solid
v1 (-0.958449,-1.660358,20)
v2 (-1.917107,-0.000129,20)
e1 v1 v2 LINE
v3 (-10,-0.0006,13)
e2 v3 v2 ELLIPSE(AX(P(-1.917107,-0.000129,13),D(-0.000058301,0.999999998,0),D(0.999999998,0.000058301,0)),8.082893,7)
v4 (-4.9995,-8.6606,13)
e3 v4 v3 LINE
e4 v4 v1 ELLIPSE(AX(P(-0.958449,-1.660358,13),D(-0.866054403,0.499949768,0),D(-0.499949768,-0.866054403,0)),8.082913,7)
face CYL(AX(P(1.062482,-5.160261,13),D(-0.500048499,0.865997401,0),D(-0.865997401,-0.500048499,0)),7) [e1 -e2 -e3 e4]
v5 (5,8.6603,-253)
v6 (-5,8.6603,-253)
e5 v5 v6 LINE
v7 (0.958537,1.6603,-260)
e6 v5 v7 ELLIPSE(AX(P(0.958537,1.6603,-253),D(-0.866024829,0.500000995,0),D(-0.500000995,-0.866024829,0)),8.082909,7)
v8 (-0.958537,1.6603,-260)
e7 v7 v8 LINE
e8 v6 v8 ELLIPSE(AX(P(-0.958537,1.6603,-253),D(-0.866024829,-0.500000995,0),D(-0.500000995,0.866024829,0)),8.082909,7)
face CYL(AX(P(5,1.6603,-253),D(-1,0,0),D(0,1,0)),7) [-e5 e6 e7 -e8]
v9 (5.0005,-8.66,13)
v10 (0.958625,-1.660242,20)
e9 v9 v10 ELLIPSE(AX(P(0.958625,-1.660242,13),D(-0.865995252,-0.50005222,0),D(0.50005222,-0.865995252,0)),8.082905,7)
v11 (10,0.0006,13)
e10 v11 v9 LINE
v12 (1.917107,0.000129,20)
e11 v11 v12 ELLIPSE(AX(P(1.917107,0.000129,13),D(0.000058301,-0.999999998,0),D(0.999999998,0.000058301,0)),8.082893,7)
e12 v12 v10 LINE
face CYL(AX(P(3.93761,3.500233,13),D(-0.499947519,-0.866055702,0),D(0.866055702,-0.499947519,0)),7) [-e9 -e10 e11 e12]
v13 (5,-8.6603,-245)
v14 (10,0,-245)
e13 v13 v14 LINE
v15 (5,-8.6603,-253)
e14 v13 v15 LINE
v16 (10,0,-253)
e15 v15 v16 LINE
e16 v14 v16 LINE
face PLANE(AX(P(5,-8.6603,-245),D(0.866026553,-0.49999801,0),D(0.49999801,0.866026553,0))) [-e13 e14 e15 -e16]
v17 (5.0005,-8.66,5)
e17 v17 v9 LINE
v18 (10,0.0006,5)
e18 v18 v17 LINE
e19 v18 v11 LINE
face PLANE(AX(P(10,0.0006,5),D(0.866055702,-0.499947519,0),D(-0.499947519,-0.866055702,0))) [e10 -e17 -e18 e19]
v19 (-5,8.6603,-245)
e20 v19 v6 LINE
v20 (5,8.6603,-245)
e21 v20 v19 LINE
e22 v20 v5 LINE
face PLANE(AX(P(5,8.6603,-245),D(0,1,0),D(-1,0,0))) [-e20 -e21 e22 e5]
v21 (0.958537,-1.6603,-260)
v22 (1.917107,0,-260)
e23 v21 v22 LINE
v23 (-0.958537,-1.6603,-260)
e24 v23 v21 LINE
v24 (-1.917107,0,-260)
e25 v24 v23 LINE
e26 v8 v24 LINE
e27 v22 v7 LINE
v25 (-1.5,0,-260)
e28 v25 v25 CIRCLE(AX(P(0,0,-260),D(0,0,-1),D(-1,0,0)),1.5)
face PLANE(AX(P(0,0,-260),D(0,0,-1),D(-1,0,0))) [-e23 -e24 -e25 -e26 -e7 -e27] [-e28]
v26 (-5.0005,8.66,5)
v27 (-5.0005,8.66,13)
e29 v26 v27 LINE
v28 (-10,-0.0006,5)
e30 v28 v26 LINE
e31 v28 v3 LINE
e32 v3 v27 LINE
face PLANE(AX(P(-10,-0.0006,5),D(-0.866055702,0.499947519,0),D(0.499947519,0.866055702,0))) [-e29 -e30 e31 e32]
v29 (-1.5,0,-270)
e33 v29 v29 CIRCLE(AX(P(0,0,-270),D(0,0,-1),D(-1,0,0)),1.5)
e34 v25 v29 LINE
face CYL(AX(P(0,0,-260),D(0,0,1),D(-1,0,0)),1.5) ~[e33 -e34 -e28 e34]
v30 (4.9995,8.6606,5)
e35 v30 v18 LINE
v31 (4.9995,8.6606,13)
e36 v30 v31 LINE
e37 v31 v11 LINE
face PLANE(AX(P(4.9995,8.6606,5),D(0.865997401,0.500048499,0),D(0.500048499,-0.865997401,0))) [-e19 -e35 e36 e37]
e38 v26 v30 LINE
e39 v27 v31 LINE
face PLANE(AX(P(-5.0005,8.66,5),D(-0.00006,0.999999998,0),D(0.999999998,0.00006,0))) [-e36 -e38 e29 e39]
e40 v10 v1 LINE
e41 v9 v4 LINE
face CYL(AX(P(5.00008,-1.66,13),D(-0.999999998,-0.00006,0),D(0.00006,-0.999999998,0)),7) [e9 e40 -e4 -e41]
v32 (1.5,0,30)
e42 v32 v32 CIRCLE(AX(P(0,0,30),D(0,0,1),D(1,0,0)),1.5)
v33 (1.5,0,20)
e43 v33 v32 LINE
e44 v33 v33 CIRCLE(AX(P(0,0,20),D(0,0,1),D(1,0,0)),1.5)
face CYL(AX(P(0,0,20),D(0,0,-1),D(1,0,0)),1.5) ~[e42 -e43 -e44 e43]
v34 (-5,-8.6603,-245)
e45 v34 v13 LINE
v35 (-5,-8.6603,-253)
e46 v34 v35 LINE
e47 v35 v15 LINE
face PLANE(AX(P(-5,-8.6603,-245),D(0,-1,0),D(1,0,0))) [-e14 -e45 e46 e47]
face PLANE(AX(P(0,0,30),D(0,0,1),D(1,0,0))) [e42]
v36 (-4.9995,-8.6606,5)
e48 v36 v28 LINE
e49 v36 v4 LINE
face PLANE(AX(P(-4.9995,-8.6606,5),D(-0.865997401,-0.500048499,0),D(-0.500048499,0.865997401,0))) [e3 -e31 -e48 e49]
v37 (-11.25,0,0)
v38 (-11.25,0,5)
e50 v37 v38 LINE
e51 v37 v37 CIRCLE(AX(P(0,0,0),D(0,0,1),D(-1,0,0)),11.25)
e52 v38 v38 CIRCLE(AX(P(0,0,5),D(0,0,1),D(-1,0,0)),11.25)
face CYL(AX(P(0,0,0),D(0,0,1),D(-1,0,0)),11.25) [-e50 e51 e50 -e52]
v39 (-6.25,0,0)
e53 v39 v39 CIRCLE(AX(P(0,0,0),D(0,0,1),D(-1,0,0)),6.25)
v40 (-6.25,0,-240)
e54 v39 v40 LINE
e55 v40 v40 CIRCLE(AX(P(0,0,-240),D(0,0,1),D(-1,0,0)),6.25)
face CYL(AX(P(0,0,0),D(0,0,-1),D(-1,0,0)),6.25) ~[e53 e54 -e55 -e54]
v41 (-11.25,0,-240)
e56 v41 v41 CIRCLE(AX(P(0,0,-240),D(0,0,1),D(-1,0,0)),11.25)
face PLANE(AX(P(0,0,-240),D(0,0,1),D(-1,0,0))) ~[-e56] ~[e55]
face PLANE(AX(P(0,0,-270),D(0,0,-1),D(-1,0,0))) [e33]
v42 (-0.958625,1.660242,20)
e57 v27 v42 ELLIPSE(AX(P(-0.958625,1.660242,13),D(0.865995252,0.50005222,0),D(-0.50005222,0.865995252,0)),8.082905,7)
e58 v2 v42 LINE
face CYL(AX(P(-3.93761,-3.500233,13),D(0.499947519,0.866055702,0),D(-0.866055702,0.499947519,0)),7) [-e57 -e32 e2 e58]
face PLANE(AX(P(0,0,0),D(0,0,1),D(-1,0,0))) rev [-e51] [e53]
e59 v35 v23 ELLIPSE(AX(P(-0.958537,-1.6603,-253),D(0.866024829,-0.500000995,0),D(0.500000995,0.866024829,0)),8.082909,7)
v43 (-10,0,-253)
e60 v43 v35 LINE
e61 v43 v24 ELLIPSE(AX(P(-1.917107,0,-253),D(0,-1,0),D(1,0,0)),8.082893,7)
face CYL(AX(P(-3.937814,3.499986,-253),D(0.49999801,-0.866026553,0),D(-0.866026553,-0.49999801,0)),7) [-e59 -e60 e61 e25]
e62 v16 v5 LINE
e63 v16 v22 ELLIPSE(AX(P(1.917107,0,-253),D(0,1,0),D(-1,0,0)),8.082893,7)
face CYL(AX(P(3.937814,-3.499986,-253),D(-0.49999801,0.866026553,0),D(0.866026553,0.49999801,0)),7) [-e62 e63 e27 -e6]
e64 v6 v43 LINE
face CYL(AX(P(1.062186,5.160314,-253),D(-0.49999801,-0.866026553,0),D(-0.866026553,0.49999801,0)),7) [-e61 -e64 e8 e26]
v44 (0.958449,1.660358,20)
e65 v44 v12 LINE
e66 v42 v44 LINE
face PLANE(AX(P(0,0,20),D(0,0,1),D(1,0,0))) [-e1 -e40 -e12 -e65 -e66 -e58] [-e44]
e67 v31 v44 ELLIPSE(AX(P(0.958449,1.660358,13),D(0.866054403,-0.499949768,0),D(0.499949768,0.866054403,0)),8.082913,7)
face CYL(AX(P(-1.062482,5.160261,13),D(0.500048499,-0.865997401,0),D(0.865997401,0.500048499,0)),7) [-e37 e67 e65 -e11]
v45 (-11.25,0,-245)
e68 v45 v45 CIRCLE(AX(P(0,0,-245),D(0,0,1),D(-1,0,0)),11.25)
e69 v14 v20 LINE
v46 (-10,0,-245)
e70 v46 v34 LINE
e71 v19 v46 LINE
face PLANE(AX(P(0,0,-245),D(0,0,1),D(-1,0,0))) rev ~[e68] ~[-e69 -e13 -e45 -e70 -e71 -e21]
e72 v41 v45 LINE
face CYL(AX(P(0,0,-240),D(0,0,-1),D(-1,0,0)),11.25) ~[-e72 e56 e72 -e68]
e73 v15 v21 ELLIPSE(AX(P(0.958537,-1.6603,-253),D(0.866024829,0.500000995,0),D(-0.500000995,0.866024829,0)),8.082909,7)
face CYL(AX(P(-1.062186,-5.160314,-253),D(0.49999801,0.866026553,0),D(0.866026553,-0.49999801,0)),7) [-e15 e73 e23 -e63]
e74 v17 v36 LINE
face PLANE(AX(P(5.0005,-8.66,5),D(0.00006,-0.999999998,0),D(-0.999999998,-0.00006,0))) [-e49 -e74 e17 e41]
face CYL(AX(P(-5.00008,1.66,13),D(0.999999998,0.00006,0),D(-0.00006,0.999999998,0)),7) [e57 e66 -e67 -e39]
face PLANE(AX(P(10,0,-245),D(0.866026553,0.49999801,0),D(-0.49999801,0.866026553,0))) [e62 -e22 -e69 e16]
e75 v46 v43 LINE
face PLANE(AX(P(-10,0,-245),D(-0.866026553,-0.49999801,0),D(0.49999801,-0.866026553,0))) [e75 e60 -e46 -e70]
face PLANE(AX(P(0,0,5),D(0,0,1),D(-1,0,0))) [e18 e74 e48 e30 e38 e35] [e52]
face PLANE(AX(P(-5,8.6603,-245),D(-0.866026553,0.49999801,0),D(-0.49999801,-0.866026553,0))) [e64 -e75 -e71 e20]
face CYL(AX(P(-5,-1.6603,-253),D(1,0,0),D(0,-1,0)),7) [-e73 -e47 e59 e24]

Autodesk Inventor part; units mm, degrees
ref_plane "YZ Plane" through (0, 0, 0) normal (1, 0, 0) x (0, 1, 0)
ref_plane "XZ Plane" through (0, 0, 0) normal (0, 1, 0) x (-1, 0, 0)
ref_plane "XY Plane" through (0, 0, 0) normal (0, 0, 1) x (1, 0, 0)
sketch "Sketch2" plane through (0, 0, 0) normal (0, 1, 0) x (-1, 0, 0)
  line L0 (0, 0) -> (6.25, 0)
  line L1 (6.25, 0) -> (6.25, -240)
  line L2 (6.25, -240) -> (0, -240)
  line L3 (0, -240) -> (0, 0)
  line L4 (0, 0) -> (11.25, 0)
  line L5 (11.25, 0) -> (11.25, 5)
  line L6 (11.25, 5) -> (0, 5)
  line L7 (0, 5) -> (0, 0)
  line L8 (0, -240) -> (11.25, -240)
  line L9 (11.25, -240) -> (11.25, -245)
  line L10 (11.25, -245) -> (0, -245)
  line L11 (0, -245) -> (0, -240)
  dimension "d15" = 6.25
  dimension "d16" = 240
  dimension "d17" = 11.25
  dimension "d18" = 5
  dimension "d19" = 5
revolve "Revolution1" add sketch "Sketch2" angle 360 about axis through (0, 0, -240) along (0, 0, 1)
sketch "Sketch3" plane through (0, 0, 5) normal (0, 0, 1) x (1, 0, 0)
  line L0 (-10, -0.0006) -> (-5.0005, 8.66)
  line L1 (-5.0005, 8.66) -> (4.9995, 8.6606)
  line L2 (4.9995, 8.6606) -> (10, 0.0006)
  line L3 (10, 0.0006) -> (5.0005, -8.66)
  line L4 (5.0005, -8.66) -> (-4.9995, -8.6606)
  line L5 (-4.9995, -8.6606) -> (-10, -0.0006)
  point P0 (0, 0)
  point P1 (0, 0)
  dimension "d21" = 10
extrude "Extrusion1" add sketch "Sketch3" along normal blind 15
sketch "Sketch4" plane through (0, 0, -245) normal (0, 0, -1) x (-1, 0, 0)
  line L0 (-5, -8.6603) -> (-10, 0)
  line L1 (-10, 0) -> (-5, 8.6603)
  line L2 (-5, 8.6603) -> (5, 8.6603)
  line L3 (5, 8.6603) -> (10, 0)
  line L4 (10, 0) -> (5, -8.6603)
  line L5 (5, -8.6603) -> (-5, -8.6603)
  point P0 (0, 0)
  point P1 (0, 0)
  dimension "d24" = 10
extrude "Extrusion2" add sketch "Sketch4" along normal blind 15
fillet "Fillet1" radius 7 12 edges at (0, 8.6603, -260) (7.5, 4.3301, -260) (7.5, -4.3301, -260) (0, -8.6603, -260) (-7.5, -4.3301, -260) (-7.5, 4.3301, -260) (-7.5003, 4.3297, 20) (-0.0005, 8.6603, 20) (7.4997, 4.3306, 20) (7.5003, -4.3297, 20) (0.0005, -8.6603, 20) (-7.4997, -4.3306, 20)
sketch "Sketch5" plane through (0, 0, 20) normal (0, 0, 1) x (1, 0, 0)
  circle A0 centre (0, 0) radius 6.25 projected
  circle A1 centre (0, 0) radius 1.5
  point P0 (0, 0)
  dimension "d28" = 3
extrude "Extrusion3" add sketch "Sketch5" along normal blind 10 contours A1
sketch "Sketch6" plane through (0, 0, -260) normal (0, 0, -1) x (-1, 0, 0)
  circle A0 centre (0, 0) radius 1.5
  dimension "d31" = 3
extrude "Extrusion4" add sketch "Sketch6" along normal blind 10
properties part number "Resistencia"
